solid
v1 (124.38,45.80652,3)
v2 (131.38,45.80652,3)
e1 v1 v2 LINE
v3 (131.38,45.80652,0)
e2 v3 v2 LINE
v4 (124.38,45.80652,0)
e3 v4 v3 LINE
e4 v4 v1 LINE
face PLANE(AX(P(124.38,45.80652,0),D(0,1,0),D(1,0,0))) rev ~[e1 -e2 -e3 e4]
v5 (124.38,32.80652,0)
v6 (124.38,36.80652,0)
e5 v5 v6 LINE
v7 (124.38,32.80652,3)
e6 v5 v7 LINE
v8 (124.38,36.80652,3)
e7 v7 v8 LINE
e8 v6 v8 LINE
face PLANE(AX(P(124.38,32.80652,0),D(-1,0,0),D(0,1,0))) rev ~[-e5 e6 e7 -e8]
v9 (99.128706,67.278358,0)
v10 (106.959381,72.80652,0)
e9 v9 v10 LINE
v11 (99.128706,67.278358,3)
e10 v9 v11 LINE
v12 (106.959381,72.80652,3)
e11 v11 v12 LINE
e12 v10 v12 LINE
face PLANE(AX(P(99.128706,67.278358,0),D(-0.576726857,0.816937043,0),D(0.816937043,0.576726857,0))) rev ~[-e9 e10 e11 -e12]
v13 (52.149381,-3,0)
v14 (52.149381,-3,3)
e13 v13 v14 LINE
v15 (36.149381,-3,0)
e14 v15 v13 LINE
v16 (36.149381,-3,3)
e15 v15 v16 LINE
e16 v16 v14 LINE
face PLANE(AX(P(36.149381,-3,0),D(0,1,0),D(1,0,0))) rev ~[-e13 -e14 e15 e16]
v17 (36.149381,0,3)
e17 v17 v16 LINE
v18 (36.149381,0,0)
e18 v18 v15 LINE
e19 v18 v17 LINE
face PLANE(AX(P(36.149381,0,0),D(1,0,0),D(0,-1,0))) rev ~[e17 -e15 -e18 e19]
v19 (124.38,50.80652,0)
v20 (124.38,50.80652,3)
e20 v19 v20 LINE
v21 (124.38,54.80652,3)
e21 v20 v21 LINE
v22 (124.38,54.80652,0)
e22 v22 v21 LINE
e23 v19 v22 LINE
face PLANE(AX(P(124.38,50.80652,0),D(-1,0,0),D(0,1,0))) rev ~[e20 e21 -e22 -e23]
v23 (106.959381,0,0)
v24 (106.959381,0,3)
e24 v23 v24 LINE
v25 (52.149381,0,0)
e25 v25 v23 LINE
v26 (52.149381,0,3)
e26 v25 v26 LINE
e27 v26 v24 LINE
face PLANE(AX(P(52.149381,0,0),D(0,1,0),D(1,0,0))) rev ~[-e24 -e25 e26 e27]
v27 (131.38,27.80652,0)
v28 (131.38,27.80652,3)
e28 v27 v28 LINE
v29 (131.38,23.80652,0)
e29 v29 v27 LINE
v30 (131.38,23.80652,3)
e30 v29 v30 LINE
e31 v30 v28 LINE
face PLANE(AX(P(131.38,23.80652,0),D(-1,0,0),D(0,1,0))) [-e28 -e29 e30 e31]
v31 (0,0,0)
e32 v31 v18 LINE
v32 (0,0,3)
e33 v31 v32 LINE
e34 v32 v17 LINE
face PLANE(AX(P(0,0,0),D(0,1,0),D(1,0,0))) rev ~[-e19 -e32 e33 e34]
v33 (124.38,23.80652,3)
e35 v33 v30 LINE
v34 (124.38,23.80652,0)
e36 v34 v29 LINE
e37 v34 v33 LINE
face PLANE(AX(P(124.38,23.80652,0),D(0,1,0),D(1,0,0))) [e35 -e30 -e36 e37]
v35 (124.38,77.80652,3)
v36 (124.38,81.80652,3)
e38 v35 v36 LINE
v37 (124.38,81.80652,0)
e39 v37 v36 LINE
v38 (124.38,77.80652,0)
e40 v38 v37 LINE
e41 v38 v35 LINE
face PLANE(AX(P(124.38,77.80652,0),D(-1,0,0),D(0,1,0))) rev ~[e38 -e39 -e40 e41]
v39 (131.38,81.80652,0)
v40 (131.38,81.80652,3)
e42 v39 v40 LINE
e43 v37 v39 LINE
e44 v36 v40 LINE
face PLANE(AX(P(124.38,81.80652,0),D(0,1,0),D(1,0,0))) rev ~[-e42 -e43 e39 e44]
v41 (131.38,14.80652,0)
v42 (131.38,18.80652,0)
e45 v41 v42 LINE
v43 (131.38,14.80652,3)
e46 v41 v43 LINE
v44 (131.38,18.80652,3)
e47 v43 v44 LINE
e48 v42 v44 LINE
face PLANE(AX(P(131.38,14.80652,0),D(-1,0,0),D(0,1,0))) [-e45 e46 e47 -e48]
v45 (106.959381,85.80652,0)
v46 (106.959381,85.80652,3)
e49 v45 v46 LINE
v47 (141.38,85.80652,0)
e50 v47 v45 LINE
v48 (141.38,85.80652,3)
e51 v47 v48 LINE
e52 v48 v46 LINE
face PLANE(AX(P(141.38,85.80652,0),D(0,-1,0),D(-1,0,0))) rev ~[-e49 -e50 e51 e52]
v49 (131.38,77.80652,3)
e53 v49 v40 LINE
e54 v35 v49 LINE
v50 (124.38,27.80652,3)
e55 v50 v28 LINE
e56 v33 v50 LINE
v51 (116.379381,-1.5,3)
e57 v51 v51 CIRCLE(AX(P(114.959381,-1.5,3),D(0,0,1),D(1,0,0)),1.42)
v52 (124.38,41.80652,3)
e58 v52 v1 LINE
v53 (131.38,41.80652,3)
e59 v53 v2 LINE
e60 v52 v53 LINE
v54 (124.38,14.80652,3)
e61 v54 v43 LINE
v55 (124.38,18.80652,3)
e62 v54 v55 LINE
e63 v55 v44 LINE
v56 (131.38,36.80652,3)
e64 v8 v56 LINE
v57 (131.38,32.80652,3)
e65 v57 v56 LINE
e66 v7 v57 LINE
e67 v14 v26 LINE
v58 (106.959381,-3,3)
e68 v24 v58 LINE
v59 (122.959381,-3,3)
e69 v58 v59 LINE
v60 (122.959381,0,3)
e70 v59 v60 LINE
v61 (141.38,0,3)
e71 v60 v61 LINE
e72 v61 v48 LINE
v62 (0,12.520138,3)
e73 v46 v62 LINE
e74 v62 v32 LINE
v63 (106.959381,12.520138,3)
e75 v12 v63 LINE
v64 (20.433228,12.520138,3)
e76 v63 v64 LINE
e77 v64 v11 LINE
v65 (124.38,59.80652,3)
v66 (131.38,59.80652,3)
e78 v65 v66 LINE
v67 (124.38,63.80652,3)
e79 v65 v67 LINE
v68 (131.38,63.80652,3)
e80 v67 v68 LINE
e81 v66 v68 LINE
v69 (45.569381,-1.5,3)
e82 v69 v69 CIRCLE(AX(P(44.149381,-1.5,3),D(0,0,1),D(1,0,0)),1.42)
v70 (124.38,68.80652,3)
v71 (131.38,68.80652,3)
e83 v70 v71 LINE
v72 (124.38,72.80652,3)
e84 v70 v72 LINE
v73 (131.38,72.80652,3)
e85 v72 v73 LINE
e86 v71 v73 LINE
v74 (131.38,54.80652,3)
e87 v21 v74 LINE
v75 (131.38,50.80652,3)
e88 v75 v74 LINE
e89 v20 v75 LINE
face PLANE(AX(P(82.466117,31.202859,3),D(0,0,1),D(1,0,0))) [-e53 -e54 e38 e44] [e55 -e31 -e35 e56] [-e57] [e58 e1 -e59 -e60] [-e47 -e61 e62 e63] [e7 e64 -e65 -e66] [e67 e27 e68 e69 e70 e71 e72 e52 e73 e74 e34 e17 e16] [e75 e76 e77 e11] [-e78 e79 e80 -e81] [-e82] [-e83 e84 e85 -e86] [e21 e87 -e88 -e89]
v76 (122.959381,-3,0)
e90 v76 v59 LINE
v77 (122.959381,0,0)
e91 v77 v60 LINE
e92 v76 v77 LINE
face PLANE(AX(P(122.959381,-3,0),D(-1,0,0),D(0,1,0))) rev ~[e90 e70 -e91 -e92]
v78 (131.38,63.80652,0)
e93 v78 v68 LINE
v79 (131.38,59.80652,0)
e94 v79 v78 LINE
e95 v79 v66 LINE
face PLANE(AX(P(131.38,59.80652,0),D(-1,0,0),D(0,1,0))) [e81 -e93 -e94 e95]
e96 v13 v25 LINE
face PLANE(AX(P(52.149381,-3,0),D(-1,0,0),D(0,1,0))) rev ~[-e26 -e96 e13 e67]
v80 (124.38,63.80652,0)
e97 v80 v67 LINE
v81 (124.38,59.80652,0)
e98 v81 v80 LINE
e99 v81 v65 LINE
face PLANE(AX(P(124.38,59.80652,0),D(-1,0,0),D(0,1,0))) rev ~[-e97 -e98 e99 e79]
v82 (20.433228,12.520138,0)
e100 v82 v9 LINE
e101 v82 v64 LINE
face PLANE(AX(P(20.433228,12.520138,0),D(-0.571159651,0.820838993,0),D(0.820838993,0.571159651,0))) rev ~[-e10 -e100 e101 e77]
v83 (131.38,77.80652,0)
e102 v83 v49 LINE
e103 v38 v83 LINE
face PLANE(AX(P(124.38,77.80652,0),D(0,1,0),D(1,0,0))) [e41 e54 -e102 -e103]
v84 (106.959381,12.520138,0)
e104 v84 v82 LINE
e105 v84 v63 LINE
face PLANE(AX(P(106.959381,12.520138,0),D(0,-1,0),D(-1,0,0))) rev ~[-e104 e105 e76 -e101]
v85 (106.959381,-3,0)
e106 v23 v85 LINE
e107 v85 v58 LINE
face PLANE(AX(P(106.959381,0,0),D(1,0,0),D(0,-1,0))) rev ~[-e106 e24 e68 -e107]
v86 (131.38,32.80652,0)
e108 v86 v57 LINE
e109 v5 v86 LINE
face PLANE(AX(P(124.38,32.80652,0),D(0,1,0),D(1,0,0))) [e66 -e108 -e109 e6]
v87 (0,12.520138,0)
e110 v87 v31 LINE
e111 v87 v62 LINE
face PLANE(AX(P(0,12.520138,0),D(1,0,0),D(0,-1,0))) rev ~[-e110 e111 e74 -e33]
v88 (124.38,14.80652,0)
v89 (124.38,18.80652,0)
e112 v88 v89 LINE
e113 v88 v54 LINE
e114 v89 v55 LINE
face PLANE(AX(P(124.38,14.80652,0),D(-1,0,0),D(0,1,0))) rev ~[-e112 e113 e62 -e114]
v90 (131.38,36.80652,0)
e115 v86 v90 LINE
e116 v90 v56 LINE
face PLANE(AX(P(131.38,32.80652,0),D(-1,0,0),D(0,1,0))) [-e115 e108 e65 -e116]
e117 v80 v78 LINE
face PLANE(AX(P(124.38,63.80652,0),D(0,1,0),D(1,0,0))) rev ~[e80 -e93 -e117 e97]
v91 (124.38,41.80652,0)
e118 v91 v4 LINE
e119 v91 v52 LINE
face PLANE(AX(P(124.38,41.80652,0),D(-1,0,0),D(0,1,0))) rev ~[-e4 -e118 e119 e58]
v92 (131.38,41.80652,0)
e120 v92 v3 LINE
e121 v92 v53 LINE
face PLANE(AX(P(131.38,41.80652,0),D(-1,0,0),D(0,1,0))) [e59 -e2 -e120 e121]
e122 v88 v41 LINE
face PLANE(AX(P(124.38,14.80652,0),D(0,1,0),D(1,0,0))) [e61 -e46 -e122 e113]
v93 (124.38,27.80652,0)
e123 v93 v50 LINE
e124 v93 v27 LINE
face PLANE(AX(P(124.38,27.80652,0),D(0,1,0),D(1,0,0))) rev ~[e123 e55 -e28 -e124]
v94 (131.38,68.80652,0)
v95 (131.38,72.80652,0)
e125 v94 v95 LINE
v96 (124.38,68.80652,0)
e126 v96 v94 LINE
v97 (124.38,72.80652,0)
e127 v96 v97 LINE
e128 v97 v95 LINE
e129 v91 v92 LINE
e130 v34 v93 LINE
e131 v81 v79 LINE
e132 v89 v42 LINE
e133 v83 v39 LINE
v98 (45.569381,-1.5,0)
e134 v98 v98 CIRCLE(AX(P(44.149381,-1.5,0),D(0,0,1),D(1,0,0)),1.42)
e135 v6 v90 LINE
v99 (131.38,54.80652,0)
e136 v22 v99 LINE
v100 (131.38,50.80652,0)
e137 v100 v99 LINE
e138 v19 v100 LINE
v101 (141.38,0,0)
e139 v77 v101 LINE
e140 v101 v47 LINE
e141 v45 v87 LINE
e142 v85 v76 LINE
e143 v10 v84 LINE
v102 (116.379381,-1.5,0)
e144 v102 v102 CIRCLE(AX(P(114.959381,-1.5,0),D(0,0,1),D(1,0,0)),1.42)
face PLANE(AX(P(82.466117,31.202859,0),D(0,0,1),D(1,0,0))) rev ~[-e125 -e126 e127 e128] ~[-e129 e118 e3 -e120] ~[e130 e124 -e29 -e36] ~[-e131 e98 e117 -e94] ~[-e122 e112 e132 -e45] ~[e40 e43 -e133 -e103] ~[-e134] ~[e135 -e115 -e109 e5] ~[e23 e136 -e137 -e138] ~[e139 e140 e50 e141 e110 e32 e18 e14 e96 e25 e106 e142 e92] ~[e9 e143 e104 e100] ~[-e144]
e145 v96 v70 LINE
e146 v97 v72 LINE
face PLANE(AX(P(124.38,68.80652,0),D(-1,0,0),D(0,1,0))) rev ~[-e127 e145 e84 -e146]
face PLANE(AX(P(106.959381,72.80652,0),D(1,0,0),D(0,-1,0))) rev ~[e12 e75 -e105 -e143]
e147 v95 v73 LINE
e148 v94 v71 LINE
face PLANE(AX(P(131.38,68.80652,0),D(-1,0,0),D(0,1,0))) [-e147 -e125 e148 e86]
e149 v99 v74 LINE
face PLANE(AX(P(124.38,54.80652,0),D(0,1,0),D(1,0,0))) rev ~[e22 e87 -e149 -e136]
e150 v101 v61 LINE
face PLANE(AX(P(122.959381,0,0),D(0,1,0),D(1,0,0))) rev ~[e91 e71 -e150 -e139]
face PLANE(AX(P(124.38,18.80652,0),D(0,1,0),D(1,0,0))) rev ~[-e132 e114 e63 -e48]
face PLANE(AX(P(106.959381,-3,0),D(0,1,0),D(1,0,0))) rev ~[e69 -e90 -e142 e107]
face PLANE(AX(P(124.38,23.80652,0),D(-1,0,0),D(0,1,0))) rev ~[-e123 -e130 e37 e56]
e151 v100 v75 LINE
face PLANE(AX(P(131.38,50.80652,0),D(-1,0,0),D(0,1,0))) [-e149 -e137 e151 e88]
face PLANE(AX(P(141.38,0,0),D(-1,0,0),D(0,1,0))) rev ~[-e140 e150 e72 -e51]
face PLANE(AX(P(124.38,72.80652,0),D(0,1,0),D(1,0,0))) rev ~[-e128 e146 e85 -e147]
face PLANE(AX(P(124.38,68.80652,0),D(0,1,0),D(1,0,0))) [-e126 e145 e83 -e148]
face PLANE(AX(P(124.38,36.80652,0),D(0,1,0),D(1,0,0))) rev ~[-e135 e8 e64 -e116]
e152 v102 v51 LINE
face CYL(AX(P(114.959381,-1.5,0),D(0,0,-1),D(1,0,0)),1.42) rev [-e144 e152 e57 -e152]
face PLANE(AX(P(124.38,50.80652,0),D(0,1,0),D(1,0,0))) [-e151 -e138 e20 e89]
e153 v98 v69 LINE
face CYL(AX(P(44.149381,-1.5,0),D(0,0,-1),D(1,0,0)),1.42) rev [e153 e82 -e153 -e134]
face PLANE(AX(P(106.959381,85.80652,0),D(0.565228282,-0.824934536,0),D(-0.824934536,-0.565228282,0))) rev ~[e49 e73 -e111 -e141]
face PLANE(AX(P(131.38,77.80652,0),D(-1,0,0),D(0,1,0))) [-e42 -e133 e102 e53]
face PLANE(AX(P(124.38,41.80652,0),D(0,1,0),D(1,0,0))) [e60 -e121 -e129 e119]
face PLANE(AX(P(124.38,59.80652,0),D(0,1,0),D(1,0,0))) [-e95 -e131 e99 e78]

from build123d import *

# Parameters (mm, degrees)
SKETCH1_R           = 1.42
SKETCH1_W           = 7
SKETCH1_H           = 4
BOSS_EXTRUDE2_DEPTH = 3


with BuildPart() as part:
    # Sketch1 → Boss-Extrude2 (new body)
    with BuildSketch(Plane.XY):
        Polygon((36.149381, 0), (36.149381, -3), (52.149381, -3), (52.149381, 0), (106.959381, 0), (106.959381, -3), (122.959381, -3), (122.959381, 0), (141.38, 0), (141.38, 27.105503225), (141.38, 85.806519795), (140.170833607, 85.806519795), (122.959381, 85.806519795), (106.959381, 85.806519795), (0, 12.520138185), (0, 0), align=None)
        with Locations((44.149381, -1.5)):
            Circle(SKETCH1_R, mode=Mode.SUBTRACT)
        with Locations((114.959381, -1.5)):
            Circle(SKETCH1_R, mode=Mode.SUBTRACT)
        Polygon((20.433228311, 12.520138185), (99.128706317, 67.278357703), (106.959381, 72.806519795), (106.959381, 12.520138185), (99.128706317, 12.520138185), align=None, mode=Mode.SUBTRACT)
        with Locations((127.88, 70.806519795)):
            Rectangle(SKETCH1_W, SKETCH1_H, mode=Mode.SUBTRACT)
        with Locations((127.88, 79.806519795)):
            Rectangle(SKETCH1_W, SKETCH1_H, mode=Mode.SUBTRACT)
        with Locations((127.88, 61.806519795)):
            Rectangle(SKETCH1_W, SKETCH1_H, mode=Mode.SUBTRACT)
        with Locations((127.88, 52.806519795)):
            Rectangle(SKETCH1_W, SKETCH1_H, mode=Mode.SUBTRACT)
        with Locations((127.88, 43.806519795)):
            Rectangle(SKETCH1_W, SKETCH1_H, mode=Mode.SUBTRACT)
        with Locations((127.88, 34.806519795)):
            Rectangle(SKETCH1_W, SKETCH1_H, mode=Mode.SUBTRACT)
        with Locations((127.88, 25.806519795)):
            Rectangle(SKETCH1_W, SKETCH1_H, mode=Mode.SUBTRACT)
        with Locations((127.88, 16.806519795)):
            Rectangle(SKETCH1_W, SKETCH1_H, mode=Mode.SUBTRACT)
    extrude(amount=BOSS_EXTRUDE2_DEPTH)


solid = part.part
